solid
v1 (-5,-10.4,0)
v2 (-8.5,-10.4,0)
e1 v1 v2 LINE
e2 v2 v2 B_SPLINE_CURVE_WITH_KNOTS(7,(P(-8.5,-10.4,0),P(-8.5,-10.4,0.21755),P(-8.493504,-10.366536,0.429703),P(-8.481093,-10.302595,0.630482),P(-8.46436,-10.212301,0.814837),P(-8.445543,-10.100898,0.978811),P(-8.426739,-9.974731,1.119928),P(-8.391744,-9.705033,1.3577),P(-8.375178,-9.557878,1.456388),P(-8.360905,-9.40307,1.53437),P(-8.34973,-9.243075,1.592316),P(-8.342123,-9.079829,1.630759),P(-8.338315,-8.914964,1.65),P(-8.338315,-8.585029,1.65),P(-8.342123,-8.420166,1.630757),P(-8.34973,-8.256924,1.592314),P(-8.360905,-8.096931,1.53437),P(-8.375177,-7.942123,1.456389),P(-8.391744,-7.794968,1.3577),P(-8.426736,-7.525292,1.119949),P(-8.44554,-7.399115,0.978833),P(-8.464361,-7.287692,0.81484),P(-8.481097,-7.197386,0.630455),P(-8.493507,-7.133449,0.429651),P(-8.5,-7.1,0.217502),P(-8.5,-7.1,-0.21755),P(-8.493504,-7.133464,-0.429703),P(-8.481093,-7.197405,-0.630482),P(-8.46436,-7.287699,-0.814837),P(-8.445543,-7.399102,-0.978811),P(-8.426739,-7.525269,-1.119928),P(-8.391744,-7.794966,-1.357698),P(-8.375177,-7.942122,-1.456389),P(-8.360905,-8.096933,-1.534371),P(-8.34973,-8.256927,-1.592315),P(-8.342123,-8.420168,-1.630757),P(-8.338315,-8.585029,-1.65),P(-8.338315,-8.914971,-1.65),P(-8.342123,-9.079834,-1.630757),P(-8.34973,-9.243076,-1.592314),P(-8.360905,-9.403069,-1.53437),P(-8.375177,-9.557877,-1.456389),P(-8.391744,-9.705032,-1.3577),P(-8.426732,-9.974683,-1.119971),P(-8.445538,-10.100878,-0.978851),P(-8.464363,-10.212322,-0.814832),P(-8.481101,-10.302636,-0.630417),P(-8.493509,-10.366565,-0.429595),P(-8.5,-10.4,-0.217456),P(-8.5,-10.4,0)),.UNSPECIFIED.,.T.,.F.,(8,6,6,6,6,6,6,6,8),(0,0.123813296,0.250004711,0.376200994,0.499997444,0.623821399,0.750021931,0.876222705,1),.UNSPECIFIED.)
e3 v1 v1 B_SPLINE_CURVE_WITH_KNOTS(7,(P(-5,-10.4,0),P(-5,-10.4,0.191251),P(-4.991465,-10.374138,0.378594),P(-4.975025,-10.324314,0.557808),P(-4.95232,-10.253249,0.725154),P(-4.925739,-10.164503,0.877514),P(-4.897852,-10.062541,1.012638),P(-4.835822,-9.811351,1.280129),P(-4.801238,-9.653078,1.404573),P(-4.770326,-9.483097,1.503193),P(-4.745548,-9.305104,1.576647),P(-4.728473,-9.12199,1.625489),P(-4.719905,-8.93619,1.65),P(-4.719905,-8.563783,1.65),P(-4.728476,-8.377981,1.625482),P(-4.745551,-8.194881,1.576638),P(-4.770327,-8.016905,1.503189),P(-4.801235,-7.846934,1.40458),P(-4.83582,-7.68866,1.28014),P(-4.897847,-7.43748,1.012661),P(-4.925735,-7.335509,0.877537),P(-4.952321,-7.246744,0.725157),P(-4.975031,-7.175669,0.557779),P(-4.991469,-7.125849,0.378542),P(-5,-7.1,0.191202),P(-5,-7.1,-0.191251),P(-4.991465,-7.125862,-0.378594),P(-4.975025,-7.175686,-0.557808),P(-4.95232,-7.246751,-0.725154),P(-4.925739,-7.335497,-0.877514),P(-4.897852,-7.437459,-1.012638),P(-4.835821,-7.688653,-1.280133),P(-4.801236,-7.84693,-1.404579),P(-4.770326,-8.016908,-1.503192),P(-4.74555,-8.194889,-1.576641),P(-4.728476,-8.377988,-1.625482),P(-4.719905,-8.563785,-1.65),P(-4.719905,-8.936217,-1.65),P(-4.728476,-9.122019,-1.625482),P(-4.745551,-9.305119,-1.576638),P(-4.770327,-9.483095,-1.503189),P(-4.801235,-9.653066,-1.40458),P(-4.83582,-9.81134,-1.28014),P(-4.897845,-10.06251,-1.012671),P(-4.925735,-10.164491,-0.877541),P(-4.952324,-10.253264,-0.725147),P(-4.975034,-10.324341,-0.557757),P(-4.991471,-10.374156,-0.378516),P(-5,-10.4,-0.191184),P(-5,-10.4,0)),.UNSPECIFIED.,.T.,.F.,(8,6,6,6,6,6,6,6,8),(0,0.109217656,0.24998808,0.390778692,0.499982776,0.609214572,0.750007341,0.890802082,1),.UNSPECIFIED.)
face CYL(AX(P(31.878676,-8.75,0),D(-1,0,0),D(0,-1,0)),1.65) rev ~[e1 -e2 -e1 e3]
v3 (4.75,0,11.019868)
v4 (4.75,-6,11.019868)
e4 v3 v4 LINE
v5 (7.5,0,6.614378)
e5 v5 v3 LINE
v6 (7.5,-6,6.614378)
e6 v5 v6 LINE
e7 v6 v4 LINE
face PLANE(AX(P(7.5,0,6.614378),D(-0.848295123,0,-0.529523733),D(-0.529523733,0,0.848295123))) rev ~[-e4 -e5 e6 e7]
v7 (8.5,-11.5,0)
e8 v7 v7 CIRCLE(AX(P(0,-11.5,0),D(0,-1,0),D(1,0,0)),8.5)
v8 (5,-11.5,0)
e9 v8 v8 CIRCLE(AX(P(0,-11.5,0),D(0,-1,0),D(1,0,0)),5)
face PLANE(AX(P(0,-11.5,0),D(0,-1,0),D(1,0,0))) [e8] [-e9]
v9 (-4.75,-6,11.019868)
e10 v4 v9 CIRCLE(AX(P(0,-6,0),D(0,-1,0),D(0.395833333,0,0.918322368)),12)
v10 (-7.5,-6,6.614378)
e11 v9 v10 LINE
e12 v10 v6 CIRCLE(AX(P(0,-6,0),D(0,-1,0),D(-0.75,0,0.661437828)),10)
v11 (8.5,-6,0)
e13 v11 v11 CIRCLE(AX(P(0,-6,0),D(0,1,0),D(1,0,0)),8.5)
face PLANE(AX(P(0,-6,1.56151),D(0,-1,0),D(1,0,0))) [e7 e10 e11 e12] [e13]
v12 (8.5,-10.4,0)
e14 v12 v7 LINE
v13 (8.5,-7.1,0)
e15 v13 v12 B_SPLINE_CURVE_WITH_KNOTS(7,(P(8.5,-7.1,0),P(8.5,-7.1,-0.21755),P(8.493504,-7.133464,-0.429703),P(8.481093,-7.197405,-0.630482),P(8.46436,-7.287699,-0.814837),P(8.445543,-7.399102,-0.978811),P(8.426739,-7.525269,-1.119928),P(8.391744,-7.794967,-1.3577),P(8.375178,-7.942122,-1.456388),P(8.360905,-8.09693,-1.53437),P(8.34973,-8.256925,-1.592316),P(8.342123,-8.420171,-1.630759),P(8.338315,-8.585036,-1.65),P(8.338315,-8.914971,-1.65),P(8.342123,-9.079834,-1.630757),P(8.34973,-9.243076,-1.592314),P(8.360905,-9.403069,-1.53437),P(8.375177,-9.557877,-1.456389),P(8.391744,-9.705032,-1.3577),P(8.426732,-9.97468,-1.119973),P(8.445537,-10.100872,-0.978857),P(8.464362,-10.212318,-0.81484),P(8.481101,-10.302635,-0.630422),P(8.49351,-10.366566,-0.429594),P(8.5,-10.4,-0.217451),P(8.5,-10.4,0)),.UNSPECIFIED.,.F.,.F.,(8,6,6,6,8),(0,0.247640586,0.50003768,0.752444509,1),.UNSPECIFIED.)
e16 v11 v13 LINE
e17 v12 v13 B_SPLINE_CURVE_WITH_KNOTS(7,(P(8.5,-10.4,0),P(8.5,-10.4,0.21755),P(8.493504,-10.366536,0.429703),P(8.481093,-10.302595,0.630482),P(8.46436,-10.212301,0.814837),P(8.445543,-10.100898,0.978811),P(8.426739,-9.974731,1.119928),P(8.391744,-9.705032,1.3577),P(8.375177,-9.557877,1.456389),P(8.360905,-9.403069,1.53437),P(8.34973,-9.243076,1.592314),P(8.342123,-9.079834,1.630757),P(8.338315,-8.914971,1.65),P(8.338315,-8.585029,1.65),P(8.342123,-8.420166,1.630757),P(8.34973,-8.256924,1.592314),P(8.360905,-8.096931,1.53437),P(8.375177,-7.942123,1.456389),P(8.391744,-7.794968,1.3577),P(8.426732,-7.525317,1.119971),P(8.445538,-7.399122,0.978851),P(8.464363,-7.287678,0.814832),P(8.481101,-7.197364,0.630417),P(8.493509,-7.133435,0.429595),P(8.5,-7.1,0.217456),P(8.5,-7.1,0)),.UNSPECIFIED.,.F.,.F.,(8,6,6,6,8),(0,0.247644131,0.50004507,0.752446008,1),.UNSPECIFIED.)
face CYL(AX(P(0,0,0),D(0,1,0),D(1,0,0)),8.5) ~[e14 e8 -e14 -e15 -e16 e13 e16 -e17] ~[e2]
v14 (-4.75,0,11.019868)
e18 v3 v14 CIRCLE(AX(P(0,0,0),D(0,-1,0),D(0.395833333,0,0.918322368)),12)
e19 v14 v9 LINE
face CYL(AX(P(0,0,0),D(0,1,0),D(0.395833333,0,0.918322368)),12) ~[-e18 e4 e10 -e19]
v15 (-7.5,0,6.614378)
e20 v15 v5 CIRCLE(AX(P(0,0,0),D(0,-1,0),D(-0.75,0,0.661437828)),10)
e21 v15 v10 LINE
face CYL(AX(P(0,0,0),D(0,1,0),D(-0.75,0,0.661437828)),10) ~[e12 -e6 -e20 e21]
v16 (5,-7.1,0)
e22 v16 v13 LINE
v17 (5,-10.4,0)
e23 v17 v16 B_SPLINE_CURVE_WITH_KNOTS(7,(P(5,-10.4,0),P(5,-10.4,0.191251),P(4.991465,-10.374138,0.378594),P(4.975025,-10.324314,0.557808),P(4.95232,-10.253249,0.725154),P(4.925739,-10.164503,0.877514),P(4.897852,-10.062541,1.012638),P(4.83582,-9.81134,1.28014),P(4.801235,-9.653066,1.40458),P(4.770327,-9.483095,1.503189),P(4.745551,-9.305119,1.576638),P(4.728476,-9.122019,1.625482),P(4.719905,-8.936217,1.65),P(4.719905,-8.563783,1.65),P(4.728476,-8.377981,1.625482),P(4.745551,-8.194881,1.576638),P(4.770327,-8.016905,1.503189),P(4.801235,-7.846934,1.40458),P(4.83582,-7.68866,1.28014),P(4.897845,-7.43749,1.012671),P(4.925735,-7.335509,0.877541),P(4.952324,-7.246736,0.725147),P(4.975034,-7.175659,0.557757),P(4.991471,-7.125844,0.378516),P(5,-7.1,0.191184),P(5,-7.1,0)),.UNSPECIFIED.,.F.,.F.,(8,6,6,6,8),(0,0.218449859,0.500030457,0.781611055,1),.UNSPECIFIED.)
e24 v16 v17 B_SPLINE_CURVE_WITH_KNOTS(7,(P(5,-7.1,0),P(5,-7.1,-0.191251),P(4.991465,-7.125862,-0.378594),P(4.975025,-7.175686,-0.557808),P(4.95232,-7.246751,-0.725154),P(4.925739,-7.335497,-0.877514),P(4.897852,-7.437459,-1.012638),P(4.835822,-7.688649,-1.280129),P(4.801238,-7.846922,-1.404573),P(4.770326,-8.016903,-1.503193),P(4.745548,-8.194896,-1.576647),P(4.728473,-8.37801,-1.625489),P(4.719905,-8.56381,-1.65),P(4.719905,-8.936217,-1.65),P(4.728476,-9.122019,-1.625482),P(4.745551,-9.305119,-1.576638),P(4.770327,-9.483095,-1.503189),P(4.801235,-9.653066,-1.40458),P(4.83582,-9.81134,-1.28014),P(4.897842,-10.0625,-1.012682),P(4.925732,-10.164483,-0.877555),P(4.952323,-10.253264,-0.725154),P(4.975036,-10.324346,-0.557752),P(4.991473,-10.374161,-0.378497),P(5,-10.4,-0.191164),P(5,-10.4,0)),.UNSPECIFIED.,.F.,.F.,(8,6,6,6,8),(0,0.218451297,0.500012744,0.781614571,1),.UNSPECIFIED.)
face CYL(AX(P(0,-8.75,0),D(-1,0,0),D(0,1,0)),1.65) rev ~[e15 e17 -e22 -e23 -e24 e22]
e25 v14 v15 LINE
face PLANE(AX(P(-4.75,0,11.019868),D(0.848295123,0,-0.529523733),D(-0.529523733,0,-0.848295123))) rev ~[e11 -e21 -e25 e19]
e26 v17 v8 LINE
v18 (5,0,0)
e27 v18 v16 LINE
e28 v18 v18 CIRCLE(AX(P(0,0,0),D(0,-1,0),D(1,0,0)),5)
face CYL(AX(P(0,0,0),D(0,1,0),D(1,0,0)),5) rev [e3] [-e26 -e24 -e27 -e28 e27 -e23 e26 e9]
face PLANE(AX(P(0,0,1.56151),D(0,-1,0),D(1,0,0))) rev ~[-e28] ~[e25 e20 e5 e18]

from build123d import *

# Parameters (mm, degrees)
F0_R     = 8.5
F0_R_2   = 5
F1_DEPTH = 6
F2_DEPTH = 11.5
F4_D     = 3.3
F4_DEPTH = 10.001
F5_D     = 3.3


with BuildPart() as f1:
    # F0 (on Front) → F1 (new body)
    with BuildSketch(Plane.XZ):
        with BuildLine():
            Line((-4.75, 11.0198684203), (-7.5, 6.6143782777))
            ThreePointArc((-7.5, 6.6143782777), (0, -10), (7.5, 6.6143782777))
            Line((7.5, 6.6143782777), (4.75, 11.0198684203))
            ThreePointArc((4.75, 11.0198684203), (0, 12), (-4.75, 11.0198684203))
        make_face()
        Circle(F0_R, mode=Mode.SUBTRACT)
        Circle(F0_R)
        Circle(F0_R_2, mode=Mode.SUBTRACT)
    extrude(amount=F1_DEPTH)

    # F0 (on Front) → F2 (join)
    with BuildSketch(Plane.XZ):
        Circle(F0_R)
        Circle(F0_R_2, mode=Mode.SUBTRACT)
    extrude(amount=F2_DEPTH)

    # F4 (through all, one way)
    with BuildSketch(Plane(origin=(0, 0, 0), x_dir=(0, 1, 0), z_dir=(-1, 0, 0))):
        with Locations((-8.75, 0)):
            Circle(F4_D / 2)
    extrude(amount=-F4_DEPTH, mode=Mode.SUBTRACT)

    # F5 (through all)
    with Locations(Plane.YZ):
        with Locations((-8.75, 0)):
            Hole(F5_D / 2)


solid = f1.part
